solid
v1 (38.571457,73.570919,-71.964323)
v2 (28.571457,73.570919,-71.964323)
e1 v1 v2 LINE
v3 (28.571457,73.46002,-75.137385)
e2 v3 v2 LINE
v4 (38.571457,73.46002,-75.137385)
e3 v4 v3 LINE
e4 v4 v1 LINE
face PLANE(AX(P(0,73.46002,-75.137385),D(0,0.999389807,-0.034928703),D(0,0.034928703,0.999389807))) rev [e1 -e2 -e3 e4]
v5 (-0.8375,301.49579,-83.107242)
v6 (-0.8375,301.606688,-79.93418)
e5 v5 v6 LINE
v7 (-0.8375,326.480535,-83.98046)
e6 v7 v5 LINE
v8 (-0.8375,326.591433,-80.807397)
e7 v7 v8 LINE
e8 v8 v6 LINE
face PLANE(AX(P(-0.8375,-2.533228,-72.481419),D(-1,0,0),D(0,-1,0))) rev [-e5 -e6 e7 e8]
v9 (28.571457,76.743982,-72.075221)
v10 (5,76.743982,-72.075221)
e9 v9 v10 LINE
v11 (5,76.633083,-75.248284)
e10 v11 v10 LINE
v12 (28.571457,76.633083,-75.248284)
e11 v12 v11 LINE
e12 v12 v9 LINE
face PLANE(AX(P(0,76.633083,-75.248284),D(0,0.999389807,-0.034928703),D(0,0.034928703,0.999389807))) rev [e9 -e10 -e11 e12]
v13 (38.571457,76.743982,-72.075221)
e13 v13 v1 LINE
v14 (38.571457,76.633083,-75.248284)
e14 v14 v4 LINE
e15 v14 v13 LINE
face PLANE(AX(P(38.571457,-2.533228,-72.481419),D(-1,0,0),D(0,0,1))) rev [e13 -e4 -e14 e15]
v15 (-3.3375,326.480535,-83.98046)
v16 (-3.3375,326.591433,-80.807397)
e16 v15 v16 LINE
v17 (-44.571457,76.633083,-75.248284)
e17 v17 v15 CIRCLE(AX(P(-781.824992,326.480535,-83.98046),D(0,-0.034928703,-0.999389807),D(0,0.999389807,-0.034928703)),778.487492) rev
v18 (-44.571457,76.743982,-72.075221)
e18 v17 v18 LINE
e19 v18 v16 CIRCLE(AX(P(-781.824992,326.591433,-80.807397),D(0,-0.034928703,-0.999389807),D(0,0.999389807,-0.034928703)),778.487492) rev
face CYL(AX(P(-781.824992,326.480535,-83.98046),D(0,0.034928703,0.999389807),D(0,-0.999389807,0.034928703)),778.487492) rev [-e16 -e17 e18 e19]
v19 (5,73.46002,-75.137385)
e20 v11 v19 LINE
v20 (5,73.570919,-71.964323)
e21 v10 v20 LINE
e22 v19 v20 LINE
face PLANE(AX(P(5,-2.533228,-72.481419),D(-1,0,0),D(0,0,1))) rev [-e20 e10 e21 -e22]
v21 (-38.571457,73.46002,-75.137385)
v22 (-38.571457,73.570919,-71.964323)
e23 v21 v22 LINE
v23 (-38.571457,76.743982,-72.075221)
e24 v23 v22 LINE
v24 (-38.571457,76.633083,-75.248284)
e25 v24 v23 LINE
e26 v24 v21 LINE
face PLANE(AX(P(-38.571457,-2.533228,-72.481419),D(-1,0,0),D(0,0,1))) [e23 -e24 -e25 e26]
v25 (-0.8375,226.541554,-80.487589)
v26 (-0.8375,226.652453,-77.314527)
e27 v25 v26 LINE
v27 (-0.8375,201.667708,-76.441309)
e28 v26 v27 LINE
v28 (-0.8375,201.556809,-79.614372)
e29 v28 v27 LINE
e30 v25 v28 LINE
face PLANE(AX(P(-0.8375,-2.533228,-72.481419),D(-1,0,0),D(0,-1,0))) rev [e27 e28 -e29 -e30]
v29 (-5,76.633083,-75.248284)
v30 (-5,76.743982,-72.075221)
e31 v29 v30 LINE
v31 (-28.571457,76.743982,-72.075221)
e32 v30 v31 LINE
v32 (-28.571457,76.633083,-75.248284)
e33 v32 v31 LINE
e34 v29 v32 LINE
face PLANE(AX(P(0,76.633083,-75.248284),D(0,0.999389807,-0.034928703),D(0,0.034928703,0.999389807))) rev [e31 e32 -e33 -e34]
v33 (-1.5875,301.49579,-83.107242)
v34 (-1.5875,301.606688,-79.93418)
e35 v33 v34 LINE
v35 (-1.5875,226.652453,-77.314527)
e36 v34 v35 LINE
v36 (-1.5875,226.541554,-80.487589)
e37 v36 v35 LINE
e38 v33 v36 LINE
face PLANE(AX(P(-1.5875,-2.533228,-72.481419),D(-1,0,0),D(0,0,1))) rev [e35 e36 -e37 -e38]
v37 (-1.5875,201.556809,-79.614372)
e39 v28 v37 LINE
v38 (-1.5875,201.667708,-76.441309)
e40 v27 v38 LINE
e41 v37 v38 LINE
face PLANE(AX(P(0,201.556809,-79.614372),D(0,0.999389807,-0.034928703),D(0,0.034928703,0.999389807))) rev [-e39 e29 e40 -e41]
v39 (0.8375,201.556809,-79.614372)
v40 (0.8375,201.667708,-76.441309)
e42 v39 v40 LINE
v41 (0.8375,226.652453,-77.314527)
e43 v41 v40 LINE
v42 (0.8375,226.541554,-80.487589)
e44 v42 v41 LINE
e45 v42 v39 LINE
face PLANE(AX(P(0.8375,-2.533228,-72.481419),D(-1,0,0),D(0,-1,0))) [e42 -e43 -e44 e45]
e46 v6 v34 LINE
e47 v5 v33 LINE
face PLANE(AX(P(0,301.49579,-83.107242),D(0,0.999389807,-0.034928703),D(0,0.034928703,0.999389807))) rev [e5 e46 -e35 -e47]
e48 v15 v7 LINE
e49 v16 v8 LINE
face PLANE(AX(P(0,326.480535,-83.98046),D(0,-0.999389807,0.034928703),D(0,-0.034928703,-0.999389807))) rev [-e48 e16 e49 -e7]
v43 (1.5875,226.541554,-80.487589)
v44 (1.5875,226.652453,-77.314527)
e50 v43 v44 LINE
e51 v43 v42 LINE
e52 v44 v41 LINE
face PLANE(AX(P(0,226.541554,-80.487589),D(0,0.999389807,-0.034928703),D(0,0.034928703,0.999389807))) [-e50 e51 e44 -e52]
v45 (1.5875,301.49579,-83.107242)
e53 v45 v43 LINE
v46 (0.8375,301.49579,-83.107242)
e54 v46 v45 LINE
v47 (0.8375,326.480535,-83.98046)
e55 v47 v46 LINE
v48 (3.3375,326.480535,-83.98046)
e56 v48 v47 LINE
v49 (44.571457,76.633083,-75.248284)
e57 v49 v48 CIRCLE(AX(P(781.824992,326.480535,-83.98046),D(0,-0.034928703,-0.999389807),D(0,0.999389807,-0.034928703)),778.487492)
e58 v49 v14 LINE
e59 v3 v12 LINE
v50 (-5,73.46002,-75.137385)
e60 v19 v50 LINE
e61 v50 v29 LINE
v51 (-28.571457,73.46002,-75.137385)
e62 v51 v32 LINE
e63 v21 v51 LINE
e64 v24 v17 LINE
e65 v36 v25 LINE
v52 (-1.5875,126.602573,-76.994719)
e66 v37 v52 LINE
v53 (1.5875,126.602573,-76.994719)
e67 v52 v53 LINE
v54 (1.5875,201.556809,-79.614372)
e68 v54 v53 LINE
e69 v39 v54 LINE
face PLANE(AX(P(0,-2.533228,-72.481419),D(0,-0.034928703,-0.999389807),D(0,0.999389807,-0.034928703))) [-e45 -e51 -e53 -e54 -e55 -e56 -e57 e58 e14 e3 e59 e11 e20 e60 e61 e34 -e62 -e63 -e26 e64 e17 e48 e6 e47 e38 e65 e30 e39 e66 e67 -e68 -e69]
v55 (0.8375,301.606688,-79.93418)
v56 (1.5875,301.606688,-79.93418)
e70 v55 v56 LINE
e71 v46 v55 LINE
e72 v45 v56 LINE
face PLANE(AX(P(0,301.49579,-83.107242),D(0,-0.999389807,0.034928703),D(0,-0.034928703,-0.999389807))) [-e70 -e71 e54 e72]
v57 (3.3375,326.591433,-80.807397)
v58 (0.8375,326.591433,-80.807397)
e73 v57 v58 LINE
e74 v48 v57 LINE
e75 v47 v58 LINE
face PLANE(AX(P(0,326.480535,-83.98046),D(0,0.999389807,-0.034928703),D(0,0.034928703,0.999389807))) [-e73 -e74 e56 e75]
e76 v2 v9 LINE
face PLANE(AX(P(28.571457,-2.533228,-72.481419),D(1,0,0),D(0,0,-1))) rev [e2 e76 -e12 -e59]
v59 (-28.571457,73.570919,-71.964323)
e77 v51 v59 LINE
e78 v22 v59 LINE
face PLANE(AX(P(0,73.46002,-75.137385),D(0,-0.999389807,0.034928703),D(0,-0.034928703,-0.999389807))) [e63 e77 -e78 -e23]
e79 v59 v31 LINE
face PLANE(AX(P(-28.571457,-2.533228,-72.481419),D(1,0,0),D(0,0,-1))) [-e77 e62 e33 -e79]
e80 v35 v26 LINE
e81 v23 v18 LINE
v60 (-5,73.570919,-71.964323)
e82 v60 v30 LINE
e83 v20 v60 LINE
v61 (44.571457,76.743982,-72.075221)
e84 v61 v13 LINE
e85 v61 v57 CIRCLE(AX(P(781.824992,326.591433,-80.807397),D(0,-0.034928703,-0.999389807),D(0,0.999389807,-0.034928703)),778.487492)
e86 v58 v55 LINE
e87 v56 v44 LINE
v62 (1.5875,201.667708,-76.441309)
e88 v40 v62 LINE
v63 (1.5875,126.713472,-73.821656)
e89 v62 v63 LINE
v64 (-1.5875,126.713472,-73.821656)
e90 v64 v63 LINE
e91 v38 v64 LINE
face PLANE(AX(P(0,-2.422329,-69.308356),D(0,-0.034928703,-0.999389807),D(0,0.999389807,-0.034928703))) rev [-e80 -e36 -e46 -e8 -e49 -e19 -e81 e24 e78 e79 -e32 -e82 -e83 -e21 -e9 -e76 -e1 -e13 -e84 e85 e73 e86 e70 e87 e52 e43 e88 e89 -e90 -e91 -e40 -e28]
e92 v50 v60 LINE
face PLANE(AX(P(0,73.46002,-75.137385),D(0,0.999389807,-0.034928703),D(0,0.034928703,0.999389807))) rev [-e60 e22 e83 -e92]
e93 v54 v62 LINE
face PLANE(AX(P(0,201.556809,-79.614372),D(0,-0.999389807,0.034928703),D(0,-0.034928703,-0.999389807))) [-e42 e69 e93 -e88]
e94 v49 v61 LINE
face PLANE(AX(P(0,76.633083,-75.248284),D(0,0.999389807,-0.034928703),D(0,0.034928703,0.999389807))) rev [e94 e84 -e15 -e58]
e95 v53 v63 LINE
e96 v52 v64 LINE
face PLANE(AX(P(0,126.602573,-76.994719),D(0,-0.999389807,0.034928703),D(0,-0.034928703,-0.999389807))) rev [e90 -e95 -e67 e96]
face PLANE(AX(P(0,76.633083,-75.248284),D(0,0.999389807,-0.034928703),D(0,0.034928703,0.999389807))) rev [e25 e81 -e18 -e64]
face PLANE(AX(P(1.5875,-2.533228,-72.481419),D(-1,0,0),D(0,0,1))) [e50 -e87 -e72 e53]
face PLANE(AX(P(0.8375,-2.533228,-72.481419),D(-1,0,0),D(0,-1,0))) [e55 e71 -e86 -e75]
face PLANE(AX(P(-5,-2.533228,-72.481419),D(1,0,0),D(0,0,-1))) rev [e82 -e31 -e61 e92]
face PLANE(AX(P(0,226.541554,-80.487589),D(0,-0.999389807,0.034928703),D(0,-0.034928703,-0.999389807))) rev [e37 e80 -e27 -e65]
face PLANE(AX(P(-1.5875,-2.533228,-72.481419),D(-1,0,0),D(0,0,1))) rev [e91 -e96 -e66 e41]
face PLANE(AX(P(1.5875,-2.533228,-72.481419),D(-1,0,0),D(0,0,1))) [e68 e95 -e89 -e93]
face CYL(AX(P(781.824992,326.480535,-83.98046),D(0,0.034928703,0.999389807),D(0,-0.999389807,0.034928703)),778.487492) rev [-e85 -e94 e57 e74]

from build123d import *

# Parameters (mm, degrees)
SKETCH1_W           = 10
SKETCH1_H           = 3.175
SKETCH1_W_2         = 3.175
SKETCH1_H_2         = 50
BOSS_EXTRUDE1_DEPTH = 3.175


with BuildPart() as part:
    # Sketch1 → Boss-Extrude1 (new body)
    with BuildSketch(Plane(origin=(0, -2.422329102, -69.308356399), x_dir=(-1, 0, 0), z_dir=(0, -0.03492870325036369, -0.9993898066766782))):
        with BuildLine():
            Line((-5, 79.214647081), (-1.5875, 79.214647081))
            Line((-1.5875, 79.214647081), (-1.5875, 129.214647081))
            Line((-1.5875, 129.214647081), (-1.5875, 204.214647081))
            Line((-1.5875, 204.214647081), (-0.8375, 204.214647081))
            Line((-0.8375, 204.214647081), (-0.8375, 229.214647081))
            Line((-0.8375, 229.214647081), (-1.5875, 229.214647081))
            Line((-1.5875, 229.214647081), (-1.5875, 304.214647081))
            Line((-1.5875, 304.214647081), (-0.8375, 304.214647081))
            Line((-0.8375, 304.214647081), (-0.8375, 329.214647081))
            Line((-0.8375, 329.214647081), (-3.3375, 329.214647081))
            ThreePointArc((-3.3375, 329.214647081), (-13.715159098, 202.525816485), (-44.57145678, 79.214647081))
            Line((-44.57145678, 79.214647081), (-38.57145678, 79.214647081))
            Line((-38.57145678, 79.214647081), (-28.57145678, 79.214647081))
            Line((-28.57145678, 79.214647081), (-5, 79.214647081))
        make_face()
        with BuildLine():
            ThreePointArc((44.57145678, 79.214647081), (13.715159098, 202.525816485), (3.3375, 329.214647081))
            Line((3.3375, 329.214647081), (0.8375, 329.214647081))
            Line((0.8375, 329.214647081), (0.8375, 304.214647081))
            Line((0.8375, 304.214647081), (1.5875, 304.214647081))
            Line((1.5875, 304.214647081), (1.5875, 229.214647081))
            Line((1.5875, 229.214647081), (0.8375, 229.214647081))
            Line((0.8375, 229.214647081), (0.8375, 204.214647081))
            Line((0.8375, 204.214647081), (1.5875, 204.214647081))
            Line((1.5875, 204.214647081), (1.5875, 129.214647081))
            Line((1.5875, 129.214647081), (1.5875, 79.214647081))
            Line((1.5875, 79.214647081), (5, 79.214647081))
            Line((5, 79.214647081), (28.57145678, 79.214647081))
            Line((28.57145678, 79.214647081), (38.57145678, 79.214647081))
            Line((38.57145678, 79.214647081), (44.57145678, 79.214647081))
        make_face()
        Polygon((5, 76.039647081), (5, 79.214647081), (1.5875, 79.214647081), (-1.5875, 79.214647081), (-5, 79.214647081), (-5, 76.039647081), align=None)
        with Locations((33.57145678, 77.627147081)):
            Rectangle(SKETCH1_W, SKETCH1_H)
        with Locations((0, 104.214647081)):
            Rectangle(SKETCH1_W_2, SKETCH1_H_2)
        with Locations((-33.57145678, 77.627147081)):
            Rectangle(SKETCH1_W, SKETCH1_H)
    extrude(amount=BOSS_EXTRUDE1_DEPTH)


solid = part.part
